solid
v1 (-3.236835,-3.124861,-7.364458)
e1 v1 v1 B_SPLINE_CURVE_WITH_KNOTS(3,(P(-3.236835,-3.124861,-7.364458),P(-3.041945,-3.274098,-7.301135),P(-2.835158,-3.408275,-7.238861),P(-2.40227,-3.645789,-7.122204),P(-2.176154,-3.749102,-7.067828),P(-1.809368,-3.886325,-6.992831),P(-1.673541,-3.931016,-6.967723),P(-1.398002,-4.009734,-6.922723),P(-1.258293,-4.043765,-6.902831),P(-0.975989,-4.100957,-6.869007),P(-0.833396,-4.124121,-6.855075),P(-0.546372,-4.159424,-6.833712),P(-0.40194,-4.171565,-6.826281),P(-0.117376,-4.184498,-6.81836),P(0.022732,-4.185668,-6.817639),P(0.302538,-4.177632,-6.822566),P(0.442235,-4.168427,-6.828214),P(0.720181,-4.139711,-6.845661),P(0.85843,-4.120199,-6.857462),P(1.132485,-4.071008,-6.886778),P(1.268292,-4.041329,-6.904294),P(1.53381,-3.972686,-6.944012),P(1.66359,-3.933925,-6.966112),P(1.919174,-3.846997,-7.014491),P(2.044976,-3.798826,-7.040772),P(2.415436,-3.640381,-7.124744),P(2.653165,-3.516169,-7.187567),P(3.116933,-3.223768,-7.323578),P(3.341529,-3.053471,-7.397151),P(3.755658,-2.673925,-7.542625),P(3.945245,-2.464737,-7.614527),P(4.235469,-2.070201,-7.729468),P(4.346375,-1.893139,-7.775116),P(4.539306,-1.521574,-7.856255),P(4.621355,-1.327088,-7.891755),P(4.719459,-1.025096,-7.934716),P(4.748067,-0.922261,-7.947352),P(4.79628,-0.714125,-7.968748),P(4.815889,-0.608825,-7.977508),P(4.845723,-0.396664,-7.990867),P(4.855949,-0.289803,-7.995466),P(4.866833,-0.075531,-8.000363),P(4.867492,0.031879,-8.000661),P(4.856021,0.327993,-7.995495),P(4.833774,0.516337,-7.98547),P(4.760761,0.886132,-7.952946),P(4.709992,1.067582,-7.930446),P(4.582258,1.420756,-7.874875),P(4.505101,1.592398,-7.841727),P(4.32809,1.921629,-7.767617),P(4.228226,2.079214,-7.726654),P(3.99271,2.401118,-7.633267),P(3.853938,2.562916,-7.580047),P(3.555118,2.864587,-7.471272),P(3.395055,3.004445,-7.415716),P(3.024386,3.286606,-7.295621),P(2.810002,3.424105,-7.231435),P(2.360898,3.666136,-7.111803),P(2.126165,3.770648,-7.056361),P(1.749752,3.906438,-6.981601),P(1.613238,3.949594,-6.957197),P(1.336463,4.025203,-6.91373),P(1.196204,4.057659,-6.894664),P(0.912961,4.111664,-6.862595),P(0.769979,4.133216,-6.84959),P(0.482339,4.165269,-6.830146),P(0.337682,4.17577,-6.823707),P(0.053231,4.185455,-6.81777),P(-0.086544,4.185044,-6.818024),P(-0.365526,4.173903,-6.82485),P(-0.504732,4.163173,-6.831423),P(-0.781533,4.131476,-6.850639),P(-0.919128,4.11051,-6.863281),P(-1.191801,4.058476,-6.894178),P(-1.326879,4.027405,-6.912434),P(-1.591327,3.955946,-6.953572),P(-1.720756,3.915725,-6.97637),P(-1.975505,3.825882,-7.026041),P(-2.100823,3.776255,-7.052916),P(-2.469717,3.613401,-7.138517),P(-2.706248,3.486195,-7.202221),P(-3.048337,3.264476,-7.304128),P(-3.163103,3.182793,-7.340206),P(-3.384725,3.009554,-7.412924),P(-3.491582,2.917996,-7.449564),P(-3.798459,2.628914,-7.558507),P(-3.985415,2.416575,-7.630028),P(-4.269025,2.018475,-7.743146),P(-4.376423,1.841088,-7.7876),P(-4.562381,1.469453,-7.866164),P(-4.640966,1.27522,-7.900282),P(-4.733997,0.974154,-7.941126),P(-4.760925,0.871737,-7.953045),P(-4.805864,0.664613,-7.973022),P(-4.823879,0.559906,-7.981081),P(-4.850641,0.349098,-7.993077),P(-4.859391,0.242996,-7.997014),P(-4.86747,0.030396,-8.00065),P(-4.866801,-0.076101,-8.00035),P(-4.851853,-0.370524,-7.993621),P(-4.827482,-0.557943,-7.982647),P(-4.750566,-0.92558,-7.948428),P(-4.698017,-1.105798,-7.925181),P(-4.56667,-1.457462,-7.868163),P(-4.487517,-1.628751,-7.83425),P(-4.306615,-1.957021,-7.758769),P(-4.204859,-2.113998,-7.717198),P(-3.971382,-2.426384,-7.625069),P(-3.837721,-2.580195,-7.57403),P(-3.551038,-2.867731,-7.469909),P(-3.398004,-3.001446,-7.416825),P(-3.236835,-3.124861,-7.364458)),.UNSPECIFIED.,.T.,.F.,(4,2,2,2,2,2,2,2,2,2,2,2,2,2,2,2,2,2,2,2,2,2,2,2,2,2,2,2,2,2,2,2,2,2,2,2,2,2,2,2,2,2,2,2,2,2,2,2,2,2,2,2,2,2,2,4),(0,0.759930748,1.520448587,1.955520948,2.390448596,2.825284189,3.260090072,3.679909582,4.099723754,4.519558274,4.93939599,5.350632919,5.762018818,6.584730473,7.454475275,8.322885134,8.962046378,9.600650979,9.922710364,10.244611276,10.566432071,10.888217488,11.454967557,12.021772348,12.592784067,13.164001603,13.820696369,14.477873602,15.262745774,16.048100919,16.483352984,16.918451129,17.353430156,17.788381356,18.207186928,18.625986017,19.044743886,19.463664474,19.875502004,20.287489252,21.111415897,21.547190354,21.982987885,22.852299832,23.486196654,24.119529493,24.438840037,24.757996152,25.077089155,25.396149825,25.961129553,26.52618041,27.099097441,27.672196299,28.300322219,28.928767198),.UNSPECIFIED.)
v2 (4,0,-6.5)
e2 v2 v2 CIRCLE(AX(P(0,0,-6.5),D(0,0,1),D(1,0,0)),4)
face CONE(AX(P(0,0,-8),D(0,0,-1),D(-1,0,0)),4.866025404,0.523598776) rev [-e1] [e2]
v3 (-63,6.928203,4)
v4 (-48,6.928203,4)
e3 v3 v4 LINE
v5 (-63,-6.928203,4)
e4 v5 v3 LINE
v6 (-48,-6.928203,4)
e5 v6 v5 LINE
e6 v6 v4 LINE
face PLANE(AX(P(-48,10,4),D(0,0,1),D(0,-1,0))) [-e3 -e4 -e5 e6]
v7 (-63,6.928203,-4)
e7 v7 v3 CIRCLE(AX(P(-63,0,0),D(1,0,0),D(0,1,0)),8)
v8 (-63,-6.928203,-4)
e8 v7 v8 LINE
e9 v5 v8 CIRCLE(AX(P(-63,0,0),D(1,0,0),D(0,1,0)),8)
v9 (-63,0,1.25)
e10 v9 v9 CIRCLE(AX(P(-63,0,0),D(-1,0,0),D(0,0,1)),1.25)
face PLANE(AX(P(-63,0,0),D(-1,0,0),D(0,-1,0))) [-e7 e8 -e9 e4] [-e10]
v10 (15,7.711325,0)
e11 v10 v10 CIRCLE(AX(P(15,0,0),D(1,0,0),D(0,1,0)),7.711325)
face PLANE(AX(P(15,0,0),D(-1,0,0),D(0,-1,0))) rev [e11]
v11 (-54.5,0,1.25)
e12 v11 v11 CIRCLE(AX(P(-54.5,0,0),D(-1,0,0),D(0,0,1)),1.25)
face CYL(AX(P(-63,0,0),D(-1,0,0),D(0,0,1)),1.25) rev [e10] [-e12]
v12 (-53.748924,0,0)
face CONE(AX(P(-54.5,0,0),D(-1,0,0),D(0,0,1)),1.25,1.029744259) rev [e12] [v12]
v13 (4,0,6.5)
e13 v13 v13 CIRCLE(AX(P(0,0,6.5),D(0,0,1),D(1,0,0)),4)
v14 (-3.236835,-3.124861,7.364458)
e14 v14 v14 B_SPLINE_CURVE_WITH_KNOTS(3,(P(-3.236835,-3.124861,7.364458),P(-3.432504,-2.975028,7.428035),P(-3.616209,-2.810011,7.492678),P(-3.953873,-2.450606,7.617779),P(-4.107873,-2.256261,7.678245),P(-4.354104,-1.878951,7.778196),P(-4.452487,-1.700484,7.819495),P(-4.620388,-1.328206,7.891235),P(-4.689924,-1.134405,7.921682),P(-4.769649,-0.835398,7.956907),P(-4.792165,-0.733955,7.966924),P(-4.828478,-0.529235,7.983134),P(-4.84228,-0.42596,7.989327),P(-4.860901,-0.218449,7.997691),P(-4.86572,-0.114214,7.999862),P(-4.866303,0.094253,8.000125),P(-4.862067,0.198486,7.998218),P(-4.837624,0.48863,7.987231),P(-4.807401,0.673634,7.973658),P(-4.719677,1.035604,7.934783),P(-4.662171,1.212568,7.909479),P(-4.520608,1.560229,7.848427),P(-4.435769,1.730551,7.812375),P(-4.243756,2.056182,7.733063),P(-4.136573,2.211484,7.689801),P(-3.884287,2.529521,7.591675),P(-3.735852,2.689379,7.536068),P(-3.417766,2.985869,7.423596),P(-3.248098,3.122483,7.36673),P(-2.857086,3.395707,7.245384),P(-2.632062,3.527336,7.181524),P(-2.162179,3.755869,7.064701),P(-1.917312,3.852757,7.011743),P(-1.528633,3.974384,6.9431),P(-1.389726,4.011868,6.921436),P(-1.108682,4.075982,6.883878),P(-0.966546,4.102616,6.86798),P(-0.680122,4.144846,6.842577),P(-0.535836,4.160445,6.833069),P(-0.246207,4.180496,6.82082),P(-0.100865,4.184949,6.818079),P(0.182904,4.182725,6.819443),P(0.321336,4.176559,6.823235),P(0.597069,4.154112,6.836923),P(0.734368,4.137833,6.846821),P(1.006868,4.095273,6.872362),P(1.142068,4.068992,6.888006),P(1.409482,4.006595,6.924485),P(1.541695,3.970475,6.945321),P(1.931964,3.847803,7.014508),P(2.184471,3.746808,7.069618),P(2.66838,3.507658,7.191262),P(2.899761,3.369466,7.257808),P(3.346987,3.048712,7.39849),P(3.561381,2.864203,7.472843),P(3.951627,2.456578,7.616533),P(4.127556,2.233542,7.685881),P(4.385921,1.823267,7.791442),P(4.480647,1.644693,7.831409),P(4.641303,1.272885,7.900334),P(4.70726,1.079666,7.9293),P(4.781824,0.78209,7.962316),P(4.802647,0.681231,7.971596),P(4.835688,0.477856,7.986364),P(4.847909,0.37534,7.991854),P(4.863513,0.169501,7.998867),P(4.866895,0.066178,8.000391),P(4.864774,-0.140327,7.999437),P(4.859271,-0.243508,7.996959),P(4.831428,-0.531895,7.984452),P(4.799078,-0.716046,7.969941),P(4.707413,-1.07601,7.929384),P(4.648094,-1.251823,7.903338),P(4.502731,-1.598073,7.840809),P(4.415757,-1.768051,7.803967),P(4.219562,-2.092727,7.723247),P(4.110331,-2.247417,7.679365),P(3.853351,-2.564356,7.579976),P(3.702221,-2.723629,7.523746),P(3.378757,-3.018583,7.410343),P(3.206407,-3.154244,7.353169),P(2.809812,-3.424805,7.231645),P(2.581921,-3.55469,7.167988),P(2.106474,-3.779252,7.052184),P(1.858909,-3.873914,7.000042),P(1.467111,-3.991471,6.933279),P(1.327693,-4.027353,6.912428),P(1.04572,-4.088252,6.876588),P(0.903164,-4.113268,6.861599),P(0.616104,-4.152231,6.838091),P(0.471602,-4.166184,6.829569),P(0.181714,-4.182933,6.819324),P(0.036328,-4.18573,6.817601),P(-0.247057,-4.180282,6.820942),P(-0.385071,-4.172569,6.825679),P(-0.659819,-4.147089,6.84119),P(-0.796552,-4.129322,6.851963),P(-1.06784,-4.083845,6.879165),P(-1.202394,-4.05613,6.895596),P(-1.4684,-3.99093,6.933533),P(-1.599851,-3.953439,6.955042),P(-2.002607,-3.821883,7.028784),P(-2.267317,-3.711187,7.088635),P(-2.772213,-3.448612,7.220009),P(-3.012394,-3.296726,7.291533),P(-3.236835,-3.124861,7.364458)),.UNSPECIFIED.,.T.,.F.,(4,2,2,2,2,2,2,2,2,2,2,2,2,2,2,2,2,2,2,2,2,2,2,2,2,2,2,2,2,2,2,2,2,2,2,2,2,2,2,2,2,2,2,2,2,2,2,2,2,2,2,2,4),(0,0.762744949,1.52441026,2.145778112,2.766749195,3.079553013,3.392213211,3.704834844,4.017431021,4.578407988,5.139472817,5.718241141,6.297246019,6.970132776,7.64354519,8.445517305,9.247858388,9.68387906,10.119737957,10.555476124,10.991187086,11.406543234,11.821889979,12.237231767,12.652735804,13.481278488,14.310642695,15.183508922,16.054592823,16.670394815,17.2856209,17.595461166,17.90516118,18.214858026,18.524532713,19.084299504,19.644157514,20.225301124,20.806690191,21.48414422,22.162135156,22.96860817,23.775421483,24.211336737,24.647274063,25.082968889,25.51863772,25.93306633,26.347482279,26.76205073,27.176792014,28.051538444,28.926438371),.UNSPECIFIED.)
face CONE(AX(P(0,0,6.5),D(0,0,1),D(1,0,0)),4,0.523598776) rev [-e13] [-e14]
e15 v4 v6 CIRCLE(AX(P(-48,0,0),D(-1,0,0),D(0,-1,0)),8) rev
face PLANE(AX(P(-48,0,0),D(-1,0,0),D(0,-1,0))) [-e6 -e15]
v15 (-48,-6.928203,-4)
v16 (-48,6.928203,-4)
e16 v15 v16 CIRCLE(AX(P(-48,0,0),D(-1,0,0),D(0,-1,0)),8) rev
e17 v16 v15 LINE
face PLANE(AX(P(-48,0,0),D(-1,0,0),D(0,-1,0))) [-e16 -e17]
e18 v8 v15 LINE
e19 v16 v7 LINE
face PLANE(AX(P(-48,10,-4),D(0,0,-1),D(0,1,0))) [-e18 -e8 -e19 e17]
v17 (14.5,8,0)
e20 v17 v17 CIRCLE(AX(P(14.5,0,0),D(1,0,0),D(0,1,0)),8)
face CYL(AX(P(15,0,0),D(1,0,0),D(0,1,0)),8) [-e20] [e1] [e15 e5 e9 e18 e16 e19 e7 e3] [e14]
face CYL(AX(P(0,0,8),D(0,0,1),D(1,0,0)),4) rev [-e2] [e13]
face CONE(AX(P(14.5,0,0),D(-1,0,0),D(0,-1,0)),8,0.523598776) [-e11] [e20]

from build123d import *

# Parameters (mm, degrees)
SKIZZE5_OUTSIDE_W               = 34.244
SKIZZE5_OUTSIDE_H               = 34.244
SKIZZE5_OUTSIDE_W_2             = 8
SKIZZE5_OUTSIDE_H_2             = 20
SCHNITT_LINEAR_AUSTRAGEN1_DEPTH = 15
M3_GEWINDEBOHRUNG1_D            = 2.5
M3_GEWINDEBOHRUNG1_DEPTH        = 8.5
M3_GEWINDEBOHRUNG1_TIP          = 0.751075774


with BuildPart() as part:
    # Skizze2 one side → Rotation1 (revolve)
    with BuildSketch(Plane.XY):
        with BuildLine():
            Line((-4, 0), (4, 0))
            ThreePointArc((4, 0), (0, 4), (-4, 0))
        make_face()
        Polygon((-63, 0), (15, 0), (15, 7.711324865), (14.5, 8), (-63, 8), align=None)
    revolve(axis=Axis((15, 0, 0), (-1, 0, 0)))

    # Skizze3 → Schnitt-Rotation1 (revolve, cut)
    with BuildSketch(Plane(origin=(0, 0, 0), x_dir=(1, 0, 0), z_dir=(0, 1, 0))):
        Polygon((-4.866025404, 8), (-4, 6.5), (-4, -6.5), (-4.866025404, -8), (0, -8), (0, 8), align=None)
    revolve(axis=Axis((0, 0, 8), (0, 0, -1)), mode=Mode.SUBTRACT)

    # Skizze5 outside → Schnitt-Linear austragen1 (cut)
    with BuildSketch(Plane.ZY.offset(63)):
        Rectangle(SKIZZE5_OUTSIDE_W, SKIZZE5_OUTSIDE_H)
        Rectangle(SKIZZE5_OUTSIDE_W_2, SKIZZE5_OUTSIDE_H_2, mode=Mode.SUBTRACT)
    extrude(amount=-SCHNITT_LINEAR_AUSTRAGEN1_DEPTH, mode=Mode.SUBTRACT)

    # M3 Gewindebohrung1
    with Locations(Plane.ZY.offset(63)):
        with Locations((0, 0)):
            Hole(M3_GEWINDEBOHRUNG1_D / 2, depth=M3_GEWINDEBOHRUNG1_DEPTH)
            with Locations((0, 0, -(M3_GEWINDEBOHRUNG1_DEPTH + M3_GEWINDEBOHRUNG1_TIP / 2))):  # 118° drill point
                Cone(0, M3_GEWINDEBOHRUNG1_D / 2, M3_GEWINDEBOHRUNG1_TIP, mode=Mode.SUBTRACT)


solid = part.part
